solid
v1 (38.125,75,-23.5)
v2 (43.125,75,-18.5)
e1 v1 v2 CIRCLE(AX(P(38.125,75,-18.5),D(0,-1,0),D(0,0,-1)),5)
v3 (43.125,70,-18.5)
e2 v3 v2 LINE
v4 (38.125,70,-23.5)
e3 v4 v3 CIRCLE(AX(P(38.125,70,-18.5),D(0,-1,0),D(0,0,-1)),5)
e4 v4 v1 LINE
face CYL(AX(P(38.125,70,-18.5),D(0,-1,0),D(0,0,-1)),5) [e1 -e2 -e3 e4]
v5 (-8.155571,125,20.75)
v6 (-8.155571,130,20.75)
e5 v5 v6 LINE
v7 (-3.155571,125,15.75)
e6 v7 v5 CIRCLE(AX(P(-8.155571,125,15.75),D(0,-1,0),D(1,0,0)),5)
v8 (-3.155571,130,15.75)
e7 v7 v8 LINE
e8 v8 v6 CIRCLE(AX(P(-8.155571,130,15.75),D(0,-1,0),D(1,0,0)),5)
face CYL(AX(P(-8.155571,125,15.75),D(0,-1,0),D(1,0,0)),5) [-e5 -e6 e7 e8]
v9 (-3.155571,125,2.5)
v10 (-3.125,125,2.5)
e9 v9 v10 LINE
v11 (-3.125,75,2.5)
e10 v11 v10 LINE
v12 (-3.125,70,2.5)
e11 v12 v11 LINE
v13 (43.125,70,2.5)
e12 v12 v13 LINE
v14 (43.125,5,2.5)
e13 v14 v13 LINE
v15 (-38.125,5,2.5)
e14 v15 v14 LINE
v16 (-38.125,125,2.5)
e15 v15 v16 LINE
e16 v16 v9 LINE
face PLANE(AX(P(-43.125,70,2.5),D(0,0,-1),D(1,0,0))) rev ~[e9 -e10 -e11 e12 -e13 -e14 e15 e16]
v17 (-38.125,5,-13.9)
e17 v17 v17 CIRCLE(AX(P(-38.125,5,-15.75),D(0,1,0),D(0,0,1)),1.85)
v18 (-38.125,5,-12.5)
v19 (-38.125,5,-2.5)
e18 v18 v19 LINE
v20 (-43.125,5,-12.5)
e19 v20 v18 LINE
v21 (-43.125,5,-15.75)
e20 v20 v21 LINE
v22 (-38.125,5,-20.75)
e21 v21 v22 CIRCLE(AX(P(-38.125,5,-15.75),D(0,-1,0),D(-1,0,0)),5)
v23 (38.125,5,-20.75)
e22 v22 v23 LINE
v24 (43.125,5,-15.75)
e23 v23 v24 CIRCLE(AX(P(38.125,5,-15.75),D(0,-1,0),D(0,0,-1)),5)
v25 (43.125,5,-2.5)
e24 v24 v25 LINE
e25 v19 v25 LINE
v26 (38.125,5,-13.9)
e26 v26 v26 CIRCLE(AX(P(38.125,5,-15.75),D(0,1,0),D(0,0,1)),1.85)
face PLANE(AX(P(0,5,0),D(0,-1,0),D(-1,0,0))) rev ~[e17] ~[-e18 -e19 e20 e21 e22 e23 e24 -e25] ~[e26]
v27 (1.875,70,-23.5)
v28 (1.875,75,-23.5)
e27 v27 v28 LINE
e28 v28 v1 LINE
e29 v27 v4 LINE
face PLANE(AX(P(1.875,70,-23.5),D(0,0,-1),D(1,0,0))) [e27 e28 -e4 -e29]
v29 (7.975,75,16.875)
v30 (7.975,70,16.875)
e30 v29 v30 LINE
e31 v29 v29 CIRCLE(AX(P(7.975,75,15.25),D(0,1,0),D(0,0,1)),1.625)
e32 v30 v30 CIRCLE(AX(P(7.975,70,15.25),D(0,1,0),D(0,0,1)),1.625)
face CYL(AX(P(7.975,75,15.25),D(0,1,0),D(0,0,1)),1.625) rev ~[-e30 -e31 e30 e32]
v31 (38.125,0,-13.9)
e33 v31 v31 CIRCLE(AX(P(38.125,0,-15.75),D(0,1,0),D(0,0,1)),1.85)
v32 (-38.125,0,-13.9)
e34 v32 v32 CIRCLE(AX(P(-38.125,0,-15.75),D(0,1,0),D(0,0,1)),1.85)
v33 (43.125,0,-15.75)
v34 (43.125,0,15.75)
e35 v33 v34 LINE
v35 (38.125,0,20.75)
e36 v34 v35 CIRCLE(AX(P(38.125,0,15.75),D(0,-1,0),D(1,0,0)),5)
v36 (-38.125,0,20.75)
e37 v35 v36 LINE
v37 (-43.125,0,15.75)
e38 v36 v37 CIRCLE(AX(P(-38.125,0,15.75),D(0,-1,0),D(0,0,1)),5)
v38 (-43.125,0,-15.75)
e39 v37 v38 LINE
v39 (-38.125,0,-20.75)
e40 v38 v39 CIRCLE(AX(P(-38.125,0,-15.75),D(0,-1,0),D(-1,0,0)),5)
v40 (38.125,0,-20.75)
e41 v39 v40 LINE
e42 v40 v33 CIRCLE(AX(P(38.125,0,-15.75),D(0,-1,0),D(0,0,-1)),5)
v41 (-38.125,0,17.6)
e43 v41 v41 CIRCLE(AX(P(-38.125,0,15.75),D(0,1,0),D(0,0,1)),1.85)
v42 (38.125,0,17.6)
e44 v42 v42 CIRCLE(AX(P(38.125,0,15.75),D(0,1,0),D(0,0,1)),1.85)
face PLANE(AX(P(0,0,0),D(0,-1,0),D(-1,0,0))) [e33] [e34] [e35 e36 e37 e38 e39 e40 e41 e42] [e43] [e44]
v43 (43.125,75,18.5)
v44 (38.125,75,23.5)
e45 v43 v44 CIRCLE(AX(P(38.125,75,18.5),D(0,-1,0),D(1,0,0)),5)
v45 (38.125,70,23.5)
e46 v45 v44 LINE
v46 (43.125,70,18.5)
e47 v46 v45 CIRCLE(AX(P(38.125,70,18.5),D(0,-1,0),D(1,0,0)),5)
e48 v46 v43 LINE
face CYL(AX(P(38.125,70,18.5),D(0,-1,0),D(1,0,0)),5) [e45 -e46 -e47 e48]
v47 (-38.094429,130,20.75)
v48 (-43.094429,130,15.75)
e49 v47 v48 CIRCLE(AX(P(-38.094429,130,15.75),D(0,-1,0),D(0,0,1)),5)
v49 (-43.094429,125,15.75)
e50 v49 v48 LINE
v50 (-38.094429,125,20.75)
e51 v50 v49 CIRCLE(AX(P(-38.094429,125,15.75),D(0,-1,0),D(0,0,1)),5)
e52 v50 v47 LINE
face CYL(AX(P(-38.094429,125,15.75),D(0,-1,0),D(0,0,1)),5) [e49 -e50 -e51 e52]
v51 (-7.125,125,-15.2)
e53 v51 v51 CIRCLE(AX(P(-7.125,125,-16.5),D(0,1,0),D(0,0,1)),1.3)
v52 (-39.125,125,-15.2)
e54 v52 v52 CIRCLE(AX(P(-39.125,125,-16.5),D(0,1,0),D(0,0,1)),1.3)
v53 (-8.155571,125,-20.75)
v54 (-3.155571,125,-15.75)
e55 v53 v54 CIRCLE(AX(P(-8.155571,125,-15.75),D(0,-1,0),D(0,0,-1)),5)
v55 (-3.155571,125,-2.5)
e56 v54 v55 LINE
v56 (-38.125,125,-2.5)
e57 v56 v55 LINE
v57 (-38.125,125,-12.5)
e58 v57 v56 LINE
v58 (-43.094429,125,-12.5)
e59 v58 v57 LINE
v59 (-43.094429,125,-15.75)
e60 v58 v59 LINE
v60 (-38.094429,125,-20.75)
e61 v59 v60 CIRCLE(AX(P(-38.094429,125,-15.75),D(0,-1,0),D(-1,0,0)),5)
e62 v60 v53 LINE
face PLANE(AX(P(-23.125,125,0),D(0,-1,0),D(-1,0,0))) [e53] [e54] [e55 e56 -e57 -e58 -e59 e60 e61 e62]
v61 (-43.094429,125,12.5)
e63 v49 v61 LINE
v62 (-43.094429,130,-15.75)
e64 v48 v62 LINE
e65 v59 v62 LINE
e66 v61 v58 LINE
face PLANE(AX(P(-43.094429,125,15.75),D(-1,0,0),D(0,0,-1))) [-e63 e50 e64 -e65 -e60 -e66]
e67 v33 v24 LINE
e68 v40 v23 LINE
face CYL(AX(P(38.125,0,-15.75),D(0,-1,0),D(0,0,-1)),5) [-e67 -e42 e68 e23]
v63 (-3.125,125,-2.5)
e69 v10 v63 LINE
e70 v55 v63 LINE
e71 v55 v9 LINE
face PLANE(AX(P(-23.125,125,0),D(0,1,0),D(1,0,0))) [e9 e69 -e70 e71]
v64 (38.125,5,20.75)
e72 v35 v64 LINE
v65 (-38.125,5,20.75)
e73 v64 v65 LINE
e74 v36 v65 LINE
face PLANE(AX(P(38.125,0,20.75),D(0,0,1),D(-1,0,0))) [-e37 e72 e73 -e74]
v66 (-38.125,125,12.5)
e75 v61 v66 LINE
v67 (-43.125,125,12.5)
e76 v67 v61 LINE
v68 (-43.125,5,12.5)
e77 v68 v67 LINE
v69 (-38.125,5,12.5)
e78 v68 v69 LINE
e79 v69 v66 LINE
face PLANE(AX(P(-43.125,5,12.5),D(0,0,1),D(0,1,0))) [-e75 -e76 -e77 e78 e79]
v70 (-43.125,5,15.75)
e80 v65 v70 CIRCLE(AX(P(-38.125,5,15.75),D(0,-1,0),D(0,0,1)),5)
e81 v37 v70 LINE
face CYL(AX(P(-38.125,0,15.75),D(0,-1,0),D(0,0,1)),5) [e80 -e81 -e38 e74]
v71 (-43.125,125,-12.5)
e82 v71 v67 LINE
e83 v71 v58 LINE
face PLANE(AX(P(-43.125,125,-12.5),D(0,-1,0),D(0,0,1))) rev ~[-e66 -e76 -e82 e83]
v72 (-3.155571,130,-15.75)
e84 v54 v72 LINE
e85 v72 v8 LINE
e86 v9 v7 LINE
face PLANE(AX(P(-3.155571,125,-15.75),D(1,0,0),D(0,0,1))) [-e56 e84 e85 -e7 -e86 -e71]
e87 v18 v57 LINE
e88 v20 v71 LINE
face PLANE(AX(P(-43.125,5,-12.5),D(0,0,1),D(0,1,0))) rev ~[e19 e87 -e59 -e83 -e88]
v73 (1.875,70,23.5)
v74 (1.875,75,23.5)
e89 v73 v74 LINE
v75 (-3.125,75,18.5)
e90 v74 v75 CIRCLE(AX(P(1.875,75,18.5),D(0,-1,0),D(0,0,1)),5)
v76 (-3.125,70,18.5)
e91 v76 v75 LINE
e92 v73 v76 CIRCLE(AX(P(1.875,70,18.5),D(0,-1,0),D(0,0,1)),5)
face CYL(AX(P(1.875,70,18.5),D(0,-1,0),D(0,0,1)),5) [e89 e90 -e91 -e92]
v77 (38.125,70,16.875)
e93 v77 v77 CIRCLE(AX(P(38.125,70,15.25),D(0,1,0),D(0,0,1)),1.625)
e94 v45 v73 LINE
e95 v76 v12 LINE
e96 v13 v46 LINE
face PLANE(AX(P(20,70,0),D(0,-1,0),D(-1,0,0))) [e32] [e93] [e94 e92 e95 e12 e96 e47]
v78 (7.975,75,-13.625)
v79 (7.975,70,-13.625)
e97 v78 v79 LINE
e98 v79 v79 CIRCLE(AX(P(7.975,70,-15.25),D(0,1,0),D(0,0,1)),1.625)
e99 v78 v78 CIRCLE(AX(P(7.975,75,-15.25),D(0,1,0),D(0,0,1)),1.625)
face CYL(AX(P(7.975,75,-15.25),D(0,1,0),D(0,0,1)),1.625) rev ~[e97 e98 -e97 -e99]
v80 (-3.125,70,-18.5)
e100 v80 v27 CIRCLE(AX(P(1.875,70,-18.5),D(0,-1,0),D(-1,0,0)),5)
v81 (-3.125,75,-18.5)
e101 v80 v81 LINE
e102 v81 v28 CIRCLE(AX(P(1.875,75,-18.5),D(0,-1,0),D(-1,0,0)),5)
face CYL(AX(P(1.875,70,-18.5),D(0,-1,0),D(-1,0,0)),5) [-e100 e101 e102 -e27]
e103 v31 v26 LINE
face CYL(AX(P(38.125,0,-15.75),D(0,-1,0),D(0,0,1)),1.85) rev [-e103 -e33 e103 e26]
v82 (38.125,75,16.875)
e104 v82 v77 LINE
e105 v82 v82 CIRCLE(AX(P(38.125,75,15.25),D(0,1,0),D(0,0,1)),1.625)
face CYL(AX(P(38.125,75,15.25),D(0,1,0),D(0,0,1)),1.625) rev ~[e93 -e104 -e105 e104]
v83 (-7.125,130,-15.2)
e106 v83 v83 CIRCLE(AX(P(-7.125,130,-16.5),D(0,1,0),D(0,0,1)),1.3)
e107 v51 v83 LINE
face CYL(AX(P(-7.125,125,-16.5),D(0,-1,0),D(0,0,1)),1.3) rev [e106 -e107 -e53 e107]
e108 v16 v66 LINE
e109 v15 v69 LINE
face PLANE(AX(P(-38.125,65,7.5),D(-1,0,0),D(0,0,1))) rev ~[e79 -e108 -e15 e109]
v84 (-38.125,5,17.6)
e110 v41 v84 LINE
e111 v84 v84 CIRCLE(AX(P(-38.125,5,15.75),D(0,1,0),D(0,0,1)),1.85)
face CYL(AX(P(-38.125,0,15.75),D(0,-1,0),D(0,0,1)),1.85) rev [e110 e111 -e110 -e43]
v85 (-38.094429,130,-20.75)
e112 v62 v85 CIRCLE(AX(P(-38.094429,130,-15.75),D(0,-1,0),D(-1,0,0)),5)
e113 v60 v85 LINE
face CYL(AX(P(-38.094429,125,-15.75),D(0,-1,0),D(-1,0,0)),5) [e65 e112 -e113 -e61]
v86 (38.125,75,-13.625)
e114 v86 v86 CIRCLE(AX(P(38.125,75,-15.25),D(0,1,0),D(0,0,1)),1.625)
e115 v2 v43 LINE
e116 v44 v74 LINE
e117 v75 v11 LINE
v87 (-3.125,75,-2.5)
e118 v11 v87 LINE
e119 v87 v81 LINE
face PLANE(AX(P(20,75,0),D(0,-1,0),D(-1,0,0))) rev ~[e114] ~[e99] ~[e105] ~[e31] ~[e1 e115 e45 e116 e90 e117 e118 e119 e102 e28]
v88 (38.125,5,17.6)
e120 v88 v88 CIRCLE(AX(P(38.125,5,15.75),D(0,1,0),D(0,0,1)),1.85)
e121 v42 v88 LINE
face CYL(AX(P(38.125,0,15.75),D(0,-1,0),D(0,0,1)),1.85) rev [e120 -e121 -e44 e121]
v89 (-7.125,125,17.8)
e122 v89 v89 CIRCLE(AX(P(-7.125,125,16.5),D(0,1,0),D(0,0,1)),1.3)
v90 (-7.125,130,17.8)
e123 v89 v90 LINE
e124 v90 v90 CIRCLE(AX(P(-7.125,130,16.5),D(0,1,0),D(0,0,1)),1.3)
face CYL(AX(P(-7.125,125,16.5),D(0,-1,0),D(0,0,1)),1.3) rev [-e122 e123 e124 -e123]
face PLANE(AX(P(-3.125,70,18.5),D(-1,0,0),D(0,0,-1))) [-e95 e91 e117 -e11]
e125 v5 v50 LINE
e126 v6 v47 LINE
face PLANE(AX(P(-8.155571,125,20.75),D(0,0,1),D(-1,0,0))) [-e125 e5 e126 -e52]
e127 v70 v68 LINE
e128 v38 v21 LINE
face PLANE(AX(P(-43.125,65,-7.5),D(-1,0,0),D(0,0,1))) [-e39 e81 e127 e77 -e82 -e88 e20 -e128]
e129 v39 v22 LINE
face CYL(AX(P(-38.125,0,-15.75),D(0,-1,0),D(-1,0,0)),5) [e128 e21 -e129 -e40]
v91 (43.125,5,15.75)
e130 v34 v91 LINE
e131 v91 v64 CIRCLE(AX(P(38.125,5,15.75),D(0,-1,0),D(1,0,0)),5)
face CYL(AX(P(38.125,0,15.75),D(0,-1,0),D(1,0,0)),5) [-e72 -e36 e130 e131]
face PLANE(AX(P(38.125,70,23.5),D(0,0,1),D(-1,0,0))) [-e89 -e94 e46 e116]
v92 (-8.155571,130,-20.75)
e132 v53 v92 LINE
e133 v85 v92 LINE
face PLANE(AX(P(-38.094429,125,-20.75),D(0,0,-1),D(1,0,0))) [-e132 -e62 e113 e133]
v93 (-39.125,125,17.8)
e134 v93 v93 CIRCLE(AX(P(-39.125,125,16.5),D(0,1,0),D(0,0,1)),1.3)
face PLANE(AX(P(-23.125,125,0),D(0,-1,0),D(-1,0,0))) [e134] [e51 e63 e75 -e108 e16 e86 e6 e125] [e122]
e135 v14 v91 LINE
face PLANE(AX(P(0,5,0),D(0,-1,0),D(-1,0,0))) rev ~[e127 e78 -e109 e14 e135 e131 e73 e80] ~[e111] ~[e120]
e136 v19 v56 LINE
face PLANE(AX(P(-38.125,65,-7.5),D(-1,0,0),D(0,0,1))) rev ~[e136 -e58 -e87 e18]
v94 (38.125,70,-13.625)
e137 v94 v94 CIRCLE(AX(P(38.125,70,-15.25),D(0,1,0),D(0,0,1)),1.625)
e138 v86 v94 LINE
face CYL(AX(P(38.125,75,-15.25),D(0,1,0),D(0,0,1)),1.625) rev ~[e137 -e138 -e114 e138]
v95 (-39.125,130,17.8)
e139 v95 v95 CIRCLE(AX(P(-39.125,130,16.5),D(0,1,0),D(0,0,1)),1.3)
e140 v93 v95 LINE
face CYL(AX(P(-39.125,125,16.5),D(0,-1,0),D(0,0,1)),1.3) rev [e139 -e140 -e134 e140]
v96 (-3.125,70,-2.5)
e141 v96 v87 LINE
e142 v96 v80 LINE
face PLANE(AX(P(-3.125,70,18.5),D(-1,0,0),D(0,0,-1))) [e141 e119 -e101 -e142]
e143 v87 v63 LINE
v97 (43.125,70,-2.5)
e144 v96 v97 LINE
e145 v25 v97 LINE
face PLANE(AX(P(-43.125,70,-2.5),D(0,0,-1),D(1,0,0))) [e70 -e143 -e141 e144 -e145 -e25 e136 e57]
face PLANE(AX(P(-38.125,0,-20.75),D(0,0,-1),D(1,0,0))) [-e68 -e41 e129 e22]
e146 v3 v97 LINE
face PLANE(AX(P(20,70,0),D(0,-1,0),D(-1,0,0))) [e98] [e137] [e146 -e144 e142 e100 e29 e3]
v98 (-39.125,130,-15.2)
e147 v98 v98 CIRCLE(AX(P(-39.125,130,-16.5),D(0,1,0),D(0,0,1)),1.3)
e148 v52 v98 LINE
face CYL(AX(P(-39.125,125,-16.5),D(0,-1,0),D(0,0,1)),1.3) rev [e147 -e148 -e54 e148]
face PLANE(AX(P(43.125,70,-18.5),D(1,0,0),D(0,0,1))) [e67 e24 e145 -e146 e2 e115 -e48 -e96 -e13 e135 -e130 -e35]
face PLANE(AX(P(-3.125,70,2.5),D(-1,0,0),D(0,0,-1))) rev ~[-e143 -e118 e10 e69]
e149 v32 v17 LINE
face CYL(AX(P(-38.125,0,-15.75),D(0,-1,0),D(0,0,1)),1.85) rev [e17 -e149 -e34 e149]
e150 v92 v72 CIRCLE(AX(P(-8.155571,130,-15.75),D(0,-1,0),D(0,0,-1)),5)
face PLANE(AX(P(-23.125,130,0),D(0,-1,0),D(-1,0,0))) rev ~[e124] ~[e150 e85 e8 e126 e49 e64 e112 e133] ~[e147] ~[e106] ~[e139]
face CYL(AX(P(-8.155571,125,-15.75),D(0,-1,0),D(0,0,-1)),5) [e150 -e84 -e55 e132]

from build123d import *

# Parameters (mm, degrees)
SKT_BASE_W_MOUNTING_HOLES_R           = 1.85
EXT_BASE_PLATE_W_MOUNTING_HOLES_DEPTH = 5
SKT_UPWARD_RIDGE_W                    = 86.25
SKT_UPWARD_RIDGE_H                    = 5
EXT_UPWARD_FLANGE_DEPTH               = 65
EXT_PIX_PLATFORM_DEPTH                = 5
PIX_MOUNT_HOLES_REACH                 = 91.649
SKETCH7_R                             = 1.625
SKETCH8_W                             = 40
SKETCH8_H                             = 5
GPS_FLANGE_DEPTH                      = 55
SKETCH9_R                             = 1.3
GPS_PLATFORM_DEPTH                    = 5
SKETCH10_W                            = 10
SKETCH10_H                            = 120
BRACING_DEPTH                         = 5


with BuildPart() as part:
    # Skt - Base w mounting holes → Ext - Base Plate w Mounting Holes (new body)
    with BuildSketch(Plane(origin=(0, 0, 0), x_dir=(1, 0, 0), z_dir=(0, 1, 0))):
        with BuildLine():
            Line((-38.125, 20.75), (38.125, 20.75))
            ThreePointArc((38.125, 20.75), (41.660533906, 19.285533906), (43.125, 15.75))
            Line((43.125, 15.75), (43.125, -15.75))
            ThreePointArc((43.125, -15.75), (41.660533906, -19.285533906), (38.125, -20.75))
            Line((38.125, -20.75), (-38.125, -20.75))
            ThreePointArc((-38.125, -20.75), (-41.660533906, -19.285533906), (-43.125, -15.75))
            Line((-43.125, -15.75), (-43.125, 15.75))
            ThreePointArc((-43.125, 15.75), (-41.660533906, 19.285533906), (-38.125, 20.75))
        make_face()
        with Locations(Location((-38.125, 15.75, 0), (0, 0, 270))):
            Circle(SKT_BASE_W_MOUNTING_HOLES_R, mode=Mode.SUBTRACT)
        with Locations(Location((38.125, 15.75, 0), (0, 0, 270))):
            Circle(SKT_BASE_W_MOUNTING_HOLES_R, mode=Mode.SUBTRACT)
        with Locations(Location((38.125, -15.75, 0), (0, 0, 270))):
            Circle(SKT_BASE_W_MOUNTING_HOLES_R, mode=Mode.SUBTRACT)
        with Locations(Location((-38.125, -15.75, 0), (0, 0, 270))):
            Circle(SKT_BASE_W_MOUNTING_HOLES_R, mode=Mode.SUBTRACT)
    extrude(amount=EXT_BASE_PLATE_W_MOUNTING_HOLES_DEPTH)

    # Skt - Upward Ridge → Ext - Upward Flange (add)
    with BuildSketch(Plane(origin=(0, 5, 0), x_dir=(1, 0, 0), z_dir=(0, 1, 0))):
        Rectangle(SKT_UPWARD_RIDGE_W, SKT_UPWARD_RIDGE_H)
    extrude(amount=EXT_UPWARD_FLANGE_DEPTH)

    # Skt - GPS Nest → Ext - PIX Platform (add)
    with BuildSketch(Plane(origin=(0, 70, 0), x_dir=(1, 0, 0), z_dir=(0, 1, 0))):
        with BuildLine():
            Line((1.875, 23.5), (38.125, 23.5))
            ThreePointArc((38.125, 23.5), (41.660533906, 22.035533906), (43.125, 18.5))
            Line((43.125, 18.5), (43.125, -18.5))
            ThreePointArc((43.125, -18.5), (41.660533906, -22.035533906), (38.125, -23.5))
            Line((38.125, -23.5), (1.875, -23.5))
            ThreePointArc((1.875, -23.5), (-1.660533906, -22.035533906), (-3.125, -18.5))
            Line((-3.125, -18.5), (-3.125, 18.5))
            ThreePointArc((-3.125, 18.5), (-1.660533906, 22.035533906), (1.875, 23.5))
        make_face()
    extrude(amount=EXT_PIX_PLATFORM_DEPTH)

    # Sketch7 → Pix Mount Holes (cut, up to next)
    with BuildSketch(Plane(origin=(0, 75, 0), x_dir=(1, 0, 0), z_dir=(0, 1, 0)), mode=Mode.PRIVATE) as pix_mount_holes_sk1:
        with Locations(Location((7.975, 15.25, 0), (0, 0, 270))):
            Circle(SKETCH7_R)
    pix_mount_holes_tool1 = extrude(pix_mount_holes_sk1.sketch, amount=-PIX_MOUNT_HOLES_REACH, mode=Mode.PRIVATE) & part.part
    # Sketch7 → Pix Mount Holes (cut, up to next)
    with BuildSketch(Plane(origin=(0, 75, 0), x_dir=(1, 0, 0), z_dir=(0, 1, 0)), mode=Mode.PRIVATE) as pix_mount_holes_sk2:
        with Locations(Location((38.125, 15.25, 0), (0, 0, 270))):
            Circle(SKETCH7_R)
    pix_mount_holes_tool2 = extrude(pix_mount_holes_sk2.sketch, amount=-PIX_MOUNT_HOLES_REACH, mode=Mode.PRIVATE) & part.part
    # Sketch7 → Pix Mount Holes (cut, up to next)
    with BuildSketch(Plane(origin=(0, 75, 0), x_dir=(1, 0, 0), z_dir=(0, 1, 0)), mode=Mode.PRIVATE) as pix_mount_holes_sk3:
        with Locations(Location((38.125, -15.25, 0), (0, 0, 270))):
            Circle(SKETCH7_R)
    pix_mount_holes_tool3 = extrude(pix_mount_holes_sk3.sketch, amount=-PIX_MOUNT_HOLES_REACH, mode=Mode.PRIVATE) & part.part
    # Sketch7 → Pix Mount Holes (cut, up to next)
    with BuildSketch(Plane(origin=(0, 75, 0), x_dir=(1, 0, 0), z_dir=(0, 1, 0)), mode=Mode.PRIVATE) as pix_mount_holes_sk4:
        with Locations(Location((7.975, -15.25, 0), (0, 0, 270))):
            Circle(SKETCH7_R)
    pix_mount_holes_tool4 = extrude(pix_mount_holes_sk4.sketch, amount=-PIX_MOUNT_HOLES_REACH, mode=Mode.PRIVATE) & part.part
    add(pix_mount_holes_tool1.solids().sort_by_distance((7.975, 75, -15.25))[0], mode=Mode.SUBTRACT)
    add(pix_mount_holes_tool2.solids().sort_by_distance((38.125, 75, -15.25))[0], mode=Mode.SUBTRACT)
    add(pix_mount_holes_tool3.solids().sort_by_distance((38.125, 75, 15.25))[0], mode=Mode.SUBTRACT)
    add(pix_mount_holes_tool4.solids().sort_by_distance((7.975, 75, 15.25))[0], mode=Mode.SUBTRACT)

    # Sketch8 → GPS Flange (add)
    with BuildSketch(Plane(origin=(0, 70, 0), x_dir=(1, 0, 0), z_dir=(0, 1, 0))):
        with Locations((-23.125, 0)):
            Rectangle(SKETCH8_W, SKETCH8_H)
    extrude(amount=GPS_FLANGE_DEPTH)

    # Sketch9 → GPS Platform (add)
    with BuildSketch(Plane(origin=(0, 125, 0), x_dir=(1, 0, 0), z_dir=(0, 1, 0))):
        with BuildLine():
            Line((-38.094429072, 20.75), (-8.155570928, 20.75))
            ThreePointArc((-8.155570928, 20.75), (-4.620037022, 19.285533906), (-3.155570928, 15.75))
            Line((-3.155570928, 15.75), (-3.155570928, -15.75))
            ThreePointArc((-3.155570928, -15.75), (-4.620037022, -19.285533906), (-8.155570928, -20.75))
            Line((-8.155570928, -20.75), (-38.094429072, -20.75))
            ThreePointArc((-38.094429072, -20.75), (-41.629962978, -19.285533906), (-43.094429072, -15.75))
            Line((-43.094429072, -15.75), (-43.094429072, 15.75))
            ThreePointArc((-43.094429072, 15.75), (-41.629962978, 19.285533906), (-38.094429072, 20.75))
        make_face()
        with Locations(Location((-39.125, 16.5, 0), (0, 0, 270))):
            Circle(SKETCH9_R, mode=Mode.SUBTRACT)
        with Locations(Location((-7.125, 16.5, 0), (0, 0, 270))):
            Circle(SKETCH9_R, mode=Mode.SUBTRACT)
        with Locations(Location((-7.125, -16.5, 0), (0, 0, 270))):
            Circle(SKETCH9_R, mode=Mode.SUBTRACT)
        with Locations(Location((-39.125, -16.5, 0), (0, 0, 270))):
            Circle(SKETCH9_R, mode=Mode.SUBTRACT)
    extrude(amount=GPS_PLATFORM_DEPTH)

    # Sketch10 → Bracing (add)
    with BuildSketch(Plane.ZY.offset(43.125)):
        with Locations((-7.5, 65)):
            Rectangle(SKETCH10_W, SKETCH10_H)
        with Locations((7.5, 65)):
            Rectangle(SKETCH10_W, SKETCH10_H)
    extrude(amount=-BRACING_DEPTH)


solid = part.part
